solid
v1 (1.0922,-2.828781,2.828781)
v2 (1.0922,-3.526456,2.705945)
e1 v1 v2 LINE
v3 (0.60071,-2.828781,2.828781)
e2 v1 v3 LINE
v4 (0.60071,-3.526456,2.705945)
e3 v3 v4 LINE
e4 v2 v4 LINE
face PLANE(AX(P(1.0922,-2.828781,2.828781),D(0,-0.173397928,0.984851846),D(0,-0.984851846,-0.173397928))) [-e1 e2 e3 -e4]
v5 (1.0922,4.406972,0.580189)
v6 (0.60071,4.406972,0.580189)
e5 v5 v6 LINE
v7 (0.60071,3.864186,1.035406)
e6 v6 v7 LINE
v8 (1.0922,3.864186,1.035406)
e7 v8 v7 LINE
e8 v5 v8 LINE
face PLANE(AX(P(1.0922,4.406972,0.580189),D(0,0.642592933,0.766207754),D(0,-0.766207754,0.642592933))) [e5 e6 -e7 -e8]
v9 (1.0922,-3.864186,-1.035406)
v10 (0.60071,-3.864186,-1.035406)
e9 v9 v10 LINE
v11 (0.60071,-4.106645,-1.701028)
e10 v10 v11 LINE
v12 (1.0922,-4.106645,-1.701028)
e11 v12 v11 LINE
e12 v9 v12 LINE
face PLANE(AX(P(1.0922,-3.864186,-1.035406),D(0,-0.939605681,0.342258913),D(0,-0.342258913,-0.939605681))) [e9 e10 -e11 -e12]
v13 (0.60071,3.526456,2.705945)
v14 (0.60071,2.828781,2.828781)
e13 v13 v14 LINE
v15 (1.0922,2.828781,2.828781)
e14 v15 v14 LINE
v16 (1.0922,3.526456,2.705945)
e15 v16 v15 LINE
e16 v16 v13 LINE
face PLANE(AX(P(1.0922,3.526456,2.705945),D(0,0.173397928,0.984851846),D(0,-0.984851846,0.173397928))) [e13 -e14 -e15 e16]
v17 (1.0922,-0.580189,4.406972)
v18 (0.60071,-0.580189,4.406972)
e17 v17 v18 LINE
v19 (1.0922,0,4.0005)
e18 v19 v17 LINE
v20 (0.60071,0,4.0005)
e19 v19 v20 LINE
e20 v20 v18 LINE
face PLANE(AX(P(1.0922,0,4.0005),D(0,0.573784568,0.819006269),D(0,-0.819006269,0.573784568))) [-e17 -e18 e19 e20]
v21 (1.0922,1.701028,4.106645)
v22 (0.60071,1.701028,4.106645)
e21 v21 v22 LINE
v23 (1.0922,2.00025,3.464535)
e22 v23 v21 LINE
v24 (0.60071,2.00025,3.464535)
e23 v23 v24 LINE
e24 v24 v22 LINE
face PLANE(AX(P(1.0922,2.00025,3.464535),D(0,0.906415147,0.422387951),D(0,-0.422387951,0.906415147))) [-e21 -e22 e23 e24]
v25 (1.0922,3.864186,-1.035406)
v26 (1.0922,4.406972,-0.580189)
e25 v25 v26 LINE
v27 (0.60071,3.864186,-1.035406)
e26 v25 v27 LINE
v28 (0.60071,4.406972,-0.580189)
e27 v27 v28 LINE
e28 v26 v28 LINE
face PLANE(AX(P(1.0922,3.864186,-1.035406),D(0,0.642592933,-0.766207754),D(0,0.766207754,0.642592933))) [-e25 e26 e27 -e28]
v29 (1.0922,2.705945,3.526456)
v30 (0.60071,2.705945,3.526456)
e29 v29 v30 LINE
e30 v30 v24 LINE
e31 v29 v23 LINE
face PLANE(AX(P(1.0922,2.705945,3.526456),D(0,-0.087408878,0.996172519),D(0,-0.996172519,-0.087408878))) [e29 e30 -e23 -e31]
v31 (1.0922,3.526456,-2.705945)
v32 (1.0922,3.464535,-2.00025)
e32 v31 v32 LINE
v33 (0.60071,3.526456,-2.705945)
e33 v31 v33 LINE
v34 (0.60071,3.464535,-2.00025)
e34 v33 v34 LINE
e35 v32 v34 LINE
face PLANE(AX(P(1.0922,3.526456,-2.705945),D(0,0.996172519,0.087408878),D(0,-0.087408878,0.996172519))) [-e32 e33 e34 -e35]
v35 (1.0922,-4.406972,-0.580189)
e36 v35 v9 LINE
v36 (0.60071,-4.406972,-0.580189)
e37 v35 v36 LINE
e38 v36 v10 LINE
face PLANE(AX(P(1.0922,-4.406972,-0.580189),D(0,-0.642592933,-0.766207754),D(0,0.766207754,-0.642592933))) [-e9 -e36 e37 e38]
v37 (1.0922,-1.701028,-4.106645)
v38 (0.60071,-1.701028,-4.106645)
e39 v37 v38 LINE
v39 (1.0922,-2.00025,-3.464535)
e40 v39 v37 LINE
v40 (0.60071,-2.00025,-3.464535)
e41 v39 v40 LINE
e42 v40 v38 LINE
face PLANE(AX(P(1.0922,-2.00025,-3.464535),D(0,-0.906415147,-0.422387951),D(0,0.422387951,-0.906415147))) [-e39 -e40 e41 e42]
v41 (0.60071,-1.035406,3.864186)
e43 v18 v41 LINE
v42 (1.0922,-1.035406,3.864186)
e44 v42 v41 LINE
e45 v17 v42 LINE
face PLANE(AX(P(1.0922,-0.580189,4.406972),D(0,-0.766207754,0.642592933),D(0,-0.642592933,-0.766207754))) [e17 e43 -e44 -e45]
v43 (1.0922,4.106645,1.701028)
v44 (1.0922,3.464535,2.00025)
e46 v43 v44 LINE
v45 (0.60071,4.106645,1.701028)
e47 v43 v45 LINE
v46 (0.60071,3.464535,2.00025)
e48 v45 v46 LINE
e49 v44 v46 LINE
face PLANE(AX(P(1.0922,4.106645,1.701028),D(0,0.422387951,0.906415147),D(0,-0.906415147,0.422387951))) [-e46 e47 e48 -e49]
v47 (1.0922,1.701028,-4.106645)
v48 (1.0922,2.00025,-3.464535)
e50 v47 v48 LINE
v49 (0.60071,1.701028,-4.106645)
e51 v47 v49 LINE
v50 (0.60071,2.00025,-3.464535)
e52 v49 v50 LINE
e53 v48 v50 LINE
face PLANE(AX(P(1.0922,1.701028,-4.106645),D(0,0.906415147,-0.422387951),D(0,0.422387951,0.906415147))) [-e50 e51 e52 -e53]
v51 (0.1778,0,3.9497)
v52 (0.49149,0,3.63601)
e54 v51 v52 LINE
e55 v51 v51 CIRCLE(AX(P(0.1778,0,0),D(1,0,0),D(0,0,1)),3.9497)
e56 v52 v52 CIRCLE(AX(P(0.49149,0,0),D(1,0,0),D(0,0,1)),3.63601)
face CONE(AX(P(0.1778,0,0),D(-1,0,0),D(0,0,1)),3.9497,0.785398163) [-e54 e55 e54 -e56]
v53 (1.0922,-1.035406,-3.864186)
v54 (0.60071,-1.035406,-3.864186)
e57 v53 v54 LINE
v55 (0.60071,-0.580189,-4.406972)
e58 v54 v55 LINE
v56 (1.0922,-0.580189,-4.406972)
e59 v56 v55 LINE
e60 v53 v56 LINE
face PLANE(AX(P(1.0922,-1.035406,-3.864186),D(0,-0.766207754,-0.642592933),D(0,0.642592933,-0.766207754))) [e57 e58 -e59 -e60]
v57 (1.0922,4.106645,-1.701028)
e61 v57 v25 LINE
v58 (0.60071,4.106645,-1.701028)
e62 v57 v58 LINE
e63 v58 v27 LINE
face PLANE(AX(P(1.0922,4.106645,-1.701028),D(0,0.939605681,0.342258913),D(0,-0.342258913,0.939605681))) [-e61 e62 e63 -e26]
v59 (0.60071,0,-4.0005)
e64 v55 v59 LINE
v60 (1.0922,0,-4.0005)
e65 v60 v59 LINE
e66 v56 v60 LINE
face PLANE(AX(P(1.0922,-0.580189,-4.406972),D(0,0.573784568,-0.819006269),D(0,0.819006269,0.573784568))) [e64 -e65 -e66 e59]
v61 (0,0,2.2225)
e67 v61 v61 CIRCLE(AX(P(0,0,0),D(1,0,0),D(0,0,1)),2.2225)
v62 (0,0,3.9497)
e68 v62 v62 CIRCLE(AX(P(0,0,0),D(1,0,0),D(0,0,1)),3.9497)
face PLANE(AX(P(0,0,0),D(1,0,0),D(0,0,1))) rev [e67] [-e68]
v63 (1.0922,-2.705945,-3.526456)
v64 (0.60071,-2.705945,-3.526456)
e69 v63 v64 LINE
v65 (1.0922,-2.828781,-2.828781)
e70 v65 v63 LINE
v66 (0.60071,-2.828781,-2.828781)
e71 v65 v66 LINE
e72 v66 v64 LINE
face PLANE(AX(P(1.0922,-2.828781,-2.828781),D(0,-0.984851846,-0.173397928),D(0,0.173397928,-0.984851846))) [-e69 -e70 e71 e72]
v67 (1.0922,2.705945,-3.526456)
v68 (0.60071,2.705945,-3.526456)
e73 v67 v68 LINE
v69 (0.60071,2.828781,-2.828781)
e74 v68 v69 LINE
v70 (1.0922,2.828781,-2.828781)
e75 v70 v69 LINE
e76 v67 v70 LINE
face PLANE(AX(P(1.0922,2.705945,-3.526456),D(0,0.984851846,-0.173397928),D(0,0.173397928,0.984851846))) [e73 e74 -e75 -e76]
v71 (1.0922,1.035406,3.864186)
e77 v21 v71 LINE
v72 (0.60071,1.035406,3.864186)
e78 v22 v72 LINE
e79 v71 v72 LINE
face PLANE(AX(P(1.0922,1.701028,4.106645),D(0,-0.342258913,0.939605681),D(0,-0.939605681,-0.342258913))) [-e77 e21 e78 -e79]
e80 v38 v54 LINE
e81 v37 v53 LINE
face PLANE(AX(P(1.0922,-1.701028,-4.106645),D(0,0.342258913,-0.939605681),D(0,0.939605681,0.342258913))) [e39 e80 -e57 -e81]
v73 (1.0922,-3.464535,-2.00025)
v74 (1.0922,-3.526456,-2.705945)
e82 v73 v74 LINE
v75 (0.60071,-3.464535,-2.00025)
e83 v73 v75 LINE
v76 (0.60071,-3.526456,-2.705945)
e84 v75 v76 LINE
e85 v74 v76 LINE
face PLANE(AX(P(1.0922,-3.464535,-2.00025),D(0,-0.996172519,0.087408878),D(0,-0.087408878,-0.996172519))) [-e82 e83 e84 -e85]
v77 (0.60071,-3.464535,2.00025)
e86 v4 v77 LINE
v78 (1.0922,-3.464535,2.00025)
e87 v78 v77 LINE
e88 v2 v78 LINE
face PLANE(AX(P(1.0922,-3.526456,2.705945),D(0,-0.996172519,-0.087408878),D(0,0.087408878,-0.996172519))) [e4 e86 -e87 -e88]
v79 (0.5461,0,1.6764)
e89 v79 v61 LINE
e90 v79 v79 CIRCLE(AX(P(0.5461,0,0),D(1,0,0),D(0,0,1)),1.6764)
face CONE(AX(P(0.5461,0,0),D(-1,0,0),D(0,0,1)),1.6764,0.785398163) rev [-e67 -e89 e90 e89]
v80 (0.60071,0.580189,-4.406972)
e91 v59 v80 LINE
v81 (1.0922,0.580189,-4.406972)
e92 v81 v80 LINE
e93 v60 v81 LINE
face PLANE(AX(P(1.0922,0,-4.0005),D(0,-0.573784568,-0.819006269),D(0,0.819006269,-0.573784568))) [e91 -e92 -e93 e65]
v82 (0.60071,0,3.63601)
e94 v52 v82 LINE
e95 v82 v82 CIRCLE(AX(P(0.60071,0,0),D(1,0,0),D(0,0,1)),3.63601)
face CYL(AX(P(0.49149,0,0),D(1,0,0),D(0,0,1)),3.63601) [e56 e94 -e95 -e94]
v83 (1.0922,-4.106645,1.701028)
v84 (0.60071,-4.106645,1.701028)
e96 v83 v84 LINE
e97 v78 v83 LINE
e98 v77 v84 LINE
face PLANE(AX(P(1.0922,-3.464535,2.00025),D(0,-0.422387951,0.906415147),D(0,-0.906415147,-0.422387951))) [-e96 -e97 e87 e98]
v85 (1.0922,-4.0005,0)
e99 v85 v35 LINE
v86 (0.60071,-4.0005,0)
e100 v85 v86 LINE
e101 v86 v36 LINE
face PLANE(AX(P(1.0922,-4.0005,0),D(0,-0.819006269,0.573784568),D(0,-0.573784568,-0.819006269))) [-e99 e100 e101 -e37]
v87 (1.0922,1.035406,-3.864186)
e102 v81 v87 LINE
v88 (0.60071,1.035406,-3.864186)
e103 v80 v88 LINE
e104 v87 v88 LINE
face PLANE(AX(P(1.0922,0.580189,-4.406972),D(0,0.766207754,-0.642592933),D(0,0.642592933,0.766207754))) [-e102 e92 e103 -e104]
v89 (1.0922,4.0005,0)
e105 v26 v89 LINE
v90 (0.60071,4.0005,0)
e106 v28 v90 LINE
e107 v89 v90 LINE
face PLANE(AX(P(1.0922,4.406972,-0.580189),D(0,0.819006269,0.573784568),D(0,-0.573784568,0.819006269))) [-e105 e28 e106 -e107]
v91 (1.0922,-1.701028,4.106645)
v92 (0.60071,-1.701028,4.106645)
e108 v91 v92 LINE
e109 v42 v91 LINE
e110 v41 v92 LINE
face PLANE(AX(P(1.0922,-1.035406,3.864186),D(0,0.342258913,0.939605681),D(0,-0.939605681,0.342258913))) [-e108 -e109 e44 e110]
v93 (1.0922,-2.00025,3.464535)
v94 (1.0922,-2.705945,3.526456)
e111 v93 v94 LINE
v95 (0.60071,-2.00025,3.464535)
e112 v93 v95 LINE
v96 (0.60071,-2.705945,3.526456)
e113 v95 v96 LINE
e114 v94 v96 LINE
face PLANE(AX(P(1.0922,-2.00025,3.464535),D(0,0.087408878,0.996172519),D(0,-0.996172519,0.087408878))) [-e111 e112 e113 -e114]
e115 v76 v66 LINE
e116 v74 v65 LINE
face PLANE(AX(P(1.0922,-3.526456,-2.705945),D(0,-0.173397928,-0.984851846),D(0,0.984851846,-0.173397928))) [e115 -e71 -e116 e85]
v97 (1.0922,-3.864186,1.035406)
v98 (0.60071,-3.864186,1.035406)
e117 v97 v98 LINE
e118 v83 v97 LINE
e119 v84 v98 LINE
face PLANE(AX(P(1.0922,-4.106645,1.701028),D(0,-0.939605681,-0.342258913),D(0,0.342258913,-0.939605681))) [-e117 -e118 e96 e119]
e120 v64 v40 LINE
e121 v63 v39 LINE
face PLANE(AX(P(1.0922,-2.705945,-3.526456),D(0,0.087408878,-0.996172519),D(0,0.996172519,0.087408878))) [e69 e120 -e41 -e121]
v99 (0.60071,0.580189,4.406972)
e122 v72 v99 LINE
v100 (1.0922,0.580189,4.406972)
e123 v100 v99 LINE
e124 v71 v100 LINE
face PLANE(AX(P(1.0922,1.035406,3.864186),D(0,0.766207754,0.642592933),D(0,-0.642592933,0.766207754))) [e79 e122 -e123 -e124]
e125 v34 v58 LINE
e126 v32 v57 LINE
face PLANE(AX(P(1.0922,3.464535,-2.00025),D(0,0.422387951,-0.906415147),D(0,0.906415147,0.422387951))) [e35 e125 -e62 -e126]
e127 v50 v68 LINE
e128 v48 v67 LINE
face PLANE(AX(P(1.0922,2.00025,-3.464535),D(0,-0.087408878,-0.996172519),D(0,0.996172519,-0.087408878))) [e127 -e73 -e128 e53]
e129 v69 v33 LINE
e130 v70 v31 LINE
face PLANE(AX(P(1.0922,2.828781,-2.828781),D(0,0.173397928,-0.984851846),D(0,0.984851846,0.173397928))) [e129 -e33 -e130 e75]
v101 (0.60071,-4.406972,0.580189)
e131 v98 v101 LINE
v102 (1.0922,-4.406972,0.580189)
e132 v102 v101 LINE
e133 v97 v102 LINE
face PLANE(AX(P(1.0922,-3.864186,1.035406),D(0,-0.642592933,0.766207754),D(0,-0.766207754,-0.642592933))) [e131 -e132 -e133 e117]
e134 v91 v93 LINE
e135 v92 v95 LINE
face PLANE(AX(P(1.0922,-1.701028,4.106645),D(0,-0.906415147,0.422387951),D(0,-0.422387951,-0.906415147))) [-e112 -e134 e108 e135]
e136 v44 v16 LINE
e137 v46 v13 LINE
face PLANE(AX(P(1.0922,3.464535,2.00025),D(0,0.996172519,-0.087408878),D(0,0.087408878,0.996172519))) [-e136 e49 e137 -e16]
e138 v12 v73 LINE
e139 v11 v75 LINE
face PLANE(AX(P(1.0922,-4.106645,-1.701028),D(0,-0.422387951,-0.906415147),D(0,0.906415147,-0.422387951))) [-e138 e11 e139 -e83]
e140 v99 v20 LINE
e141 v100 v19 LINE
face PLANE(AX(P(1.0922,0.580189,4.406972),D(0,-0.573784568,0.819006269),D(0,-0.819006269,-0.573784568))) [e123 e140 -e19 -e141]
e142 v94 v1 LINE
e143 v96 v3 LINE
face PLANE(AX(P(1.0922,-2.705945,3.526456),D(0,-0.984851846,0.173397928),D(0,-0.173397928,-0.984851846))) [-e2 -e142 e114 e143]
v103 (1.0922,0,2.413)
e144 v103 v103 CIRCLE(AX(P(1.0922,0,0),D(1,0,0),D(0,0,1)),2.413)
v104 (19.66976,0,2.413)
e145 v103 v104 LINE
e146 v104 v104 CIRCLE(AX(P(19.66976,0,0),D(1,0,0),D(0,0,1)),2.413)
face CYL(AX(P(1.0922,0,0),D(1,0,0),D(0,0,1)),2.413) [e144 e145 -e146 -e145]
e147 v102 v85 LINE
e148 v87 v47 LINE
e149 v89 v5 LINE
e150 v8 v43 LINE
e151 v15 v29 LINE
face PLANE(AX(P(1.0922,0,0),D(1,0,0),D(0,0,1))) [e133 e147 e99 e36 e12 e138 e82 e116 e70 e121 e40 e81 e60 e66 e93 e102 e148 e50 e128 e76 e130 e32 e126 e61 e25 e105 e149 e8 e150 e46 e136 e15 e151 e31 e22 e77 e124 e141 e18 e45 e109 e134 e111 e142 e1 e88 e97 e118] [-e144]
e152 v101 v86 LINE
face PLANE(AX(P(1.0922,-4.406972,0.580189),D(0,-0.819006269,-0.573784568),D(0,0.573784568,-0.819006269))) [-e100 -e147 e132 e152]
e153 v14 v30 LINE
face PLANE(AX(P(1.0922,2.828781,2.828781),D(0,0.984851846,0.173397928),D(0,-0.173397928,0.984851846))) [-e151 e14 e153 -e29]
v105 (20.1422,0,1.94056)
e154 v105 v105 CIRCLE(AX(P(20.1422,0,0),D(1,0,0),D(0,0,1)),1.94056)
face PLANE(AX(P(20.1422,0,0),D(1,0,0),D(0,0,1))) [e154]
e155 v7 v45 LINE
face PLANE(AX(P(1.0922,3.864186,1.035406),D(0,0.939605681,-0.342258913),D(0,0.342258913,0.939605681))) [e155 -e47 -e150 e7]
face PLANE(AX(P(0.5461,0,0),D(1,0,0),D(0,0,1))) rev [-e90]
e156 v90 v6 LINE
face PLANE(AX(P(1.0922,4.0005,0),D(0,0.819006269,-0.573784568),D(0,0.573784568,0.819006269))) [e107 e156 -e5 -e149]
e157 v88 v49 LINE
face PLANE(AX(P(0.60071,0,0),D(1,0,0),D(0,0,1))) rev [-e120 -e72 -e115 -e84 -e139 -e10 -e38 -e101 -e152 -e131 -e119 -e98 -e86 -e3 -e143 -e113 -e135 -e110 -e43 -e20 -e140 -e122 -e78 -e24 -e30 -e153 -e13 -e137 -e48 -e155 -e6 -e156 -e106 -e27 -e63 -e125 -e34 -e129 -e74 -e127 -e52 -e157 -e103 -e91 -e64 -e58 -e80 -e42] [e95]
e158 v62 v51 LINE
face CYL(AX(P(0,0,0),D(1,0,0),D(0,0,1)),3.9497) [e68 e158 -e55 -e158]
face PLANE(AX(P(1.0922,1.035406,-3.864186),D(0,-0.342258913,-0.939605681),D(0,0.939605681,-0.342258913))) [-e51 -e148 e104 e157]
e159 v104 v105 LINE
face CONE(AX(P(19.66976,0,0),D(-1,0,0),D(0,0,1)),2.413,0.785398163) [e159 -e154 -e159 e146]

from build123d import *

# Parameters (mm, degrees)
CLINCHCUT_DEPTH    = 0.49149
CLINCHCUTPAT_COUNT = 24
CLINCHCUTPAT_ANGLE = 345


with BuildPart() as part:
    # BodySke → BaseBody (revolve)
    with BuildSketch(Plane.XY, mode=Mode.PRIVATE) as basebody_sk:
        Polygon((0, 2.2225), (0, 3.9497), (0.1778, 3.9497), (0.49149, 3.63601), (0.60071, 3.63601), (0.60071, 4.445), (1.0922, 4.445), (1.0922, 2.413), (19.66976, 2.413), (20.1422, 1.94056), (20.1422, 0), (0.5461, 0), (0.5461, 1.6764), align=None)
    revolve(basebody_sk.sketch.rotate(Axis((0, 0, 0), (1, 0, 0)), 90), axis=Axis((0, 0, 0), (1, 0, 0)))

    # CliRinCutSke → ClinchCut (cut)
    with BuildSketch(Plane(origin=(1.0922, 0, 0), x_dir=(0, 0, -1), z_dir=(1, 0, 0))):
        with BuildLine():
            Line((0.580188924, 4.406972409), (0, 4.0005))
            Line((0, 4.0005), (-0.580188924, 4.406972409))
            ThreePointArc((-0.580188924, 4.406972409), (0, 4.445), (0.580188924, 4.406972409))
        make_face()
    clinchcut = extrude(amount=-CLINCHCUT_DEPTH, mode=Mode.SUBTRACT)

    # ClinchCutPat: ClinchCut ×24 about axis
    clinchcutpat_axis = Axis((0, 0, 0), (1, 0, 0))
    for i in range(1, CLINCHCUTPAT_COUNT):
        add(clinchcut.rotate(clinchcutpat_axis, i * CLINCHCUTPAT_ANGLE / (CLINCHCUTPAT_COUNT - 1)), mode=Mode.SUBTRACT)


solid = part.part
